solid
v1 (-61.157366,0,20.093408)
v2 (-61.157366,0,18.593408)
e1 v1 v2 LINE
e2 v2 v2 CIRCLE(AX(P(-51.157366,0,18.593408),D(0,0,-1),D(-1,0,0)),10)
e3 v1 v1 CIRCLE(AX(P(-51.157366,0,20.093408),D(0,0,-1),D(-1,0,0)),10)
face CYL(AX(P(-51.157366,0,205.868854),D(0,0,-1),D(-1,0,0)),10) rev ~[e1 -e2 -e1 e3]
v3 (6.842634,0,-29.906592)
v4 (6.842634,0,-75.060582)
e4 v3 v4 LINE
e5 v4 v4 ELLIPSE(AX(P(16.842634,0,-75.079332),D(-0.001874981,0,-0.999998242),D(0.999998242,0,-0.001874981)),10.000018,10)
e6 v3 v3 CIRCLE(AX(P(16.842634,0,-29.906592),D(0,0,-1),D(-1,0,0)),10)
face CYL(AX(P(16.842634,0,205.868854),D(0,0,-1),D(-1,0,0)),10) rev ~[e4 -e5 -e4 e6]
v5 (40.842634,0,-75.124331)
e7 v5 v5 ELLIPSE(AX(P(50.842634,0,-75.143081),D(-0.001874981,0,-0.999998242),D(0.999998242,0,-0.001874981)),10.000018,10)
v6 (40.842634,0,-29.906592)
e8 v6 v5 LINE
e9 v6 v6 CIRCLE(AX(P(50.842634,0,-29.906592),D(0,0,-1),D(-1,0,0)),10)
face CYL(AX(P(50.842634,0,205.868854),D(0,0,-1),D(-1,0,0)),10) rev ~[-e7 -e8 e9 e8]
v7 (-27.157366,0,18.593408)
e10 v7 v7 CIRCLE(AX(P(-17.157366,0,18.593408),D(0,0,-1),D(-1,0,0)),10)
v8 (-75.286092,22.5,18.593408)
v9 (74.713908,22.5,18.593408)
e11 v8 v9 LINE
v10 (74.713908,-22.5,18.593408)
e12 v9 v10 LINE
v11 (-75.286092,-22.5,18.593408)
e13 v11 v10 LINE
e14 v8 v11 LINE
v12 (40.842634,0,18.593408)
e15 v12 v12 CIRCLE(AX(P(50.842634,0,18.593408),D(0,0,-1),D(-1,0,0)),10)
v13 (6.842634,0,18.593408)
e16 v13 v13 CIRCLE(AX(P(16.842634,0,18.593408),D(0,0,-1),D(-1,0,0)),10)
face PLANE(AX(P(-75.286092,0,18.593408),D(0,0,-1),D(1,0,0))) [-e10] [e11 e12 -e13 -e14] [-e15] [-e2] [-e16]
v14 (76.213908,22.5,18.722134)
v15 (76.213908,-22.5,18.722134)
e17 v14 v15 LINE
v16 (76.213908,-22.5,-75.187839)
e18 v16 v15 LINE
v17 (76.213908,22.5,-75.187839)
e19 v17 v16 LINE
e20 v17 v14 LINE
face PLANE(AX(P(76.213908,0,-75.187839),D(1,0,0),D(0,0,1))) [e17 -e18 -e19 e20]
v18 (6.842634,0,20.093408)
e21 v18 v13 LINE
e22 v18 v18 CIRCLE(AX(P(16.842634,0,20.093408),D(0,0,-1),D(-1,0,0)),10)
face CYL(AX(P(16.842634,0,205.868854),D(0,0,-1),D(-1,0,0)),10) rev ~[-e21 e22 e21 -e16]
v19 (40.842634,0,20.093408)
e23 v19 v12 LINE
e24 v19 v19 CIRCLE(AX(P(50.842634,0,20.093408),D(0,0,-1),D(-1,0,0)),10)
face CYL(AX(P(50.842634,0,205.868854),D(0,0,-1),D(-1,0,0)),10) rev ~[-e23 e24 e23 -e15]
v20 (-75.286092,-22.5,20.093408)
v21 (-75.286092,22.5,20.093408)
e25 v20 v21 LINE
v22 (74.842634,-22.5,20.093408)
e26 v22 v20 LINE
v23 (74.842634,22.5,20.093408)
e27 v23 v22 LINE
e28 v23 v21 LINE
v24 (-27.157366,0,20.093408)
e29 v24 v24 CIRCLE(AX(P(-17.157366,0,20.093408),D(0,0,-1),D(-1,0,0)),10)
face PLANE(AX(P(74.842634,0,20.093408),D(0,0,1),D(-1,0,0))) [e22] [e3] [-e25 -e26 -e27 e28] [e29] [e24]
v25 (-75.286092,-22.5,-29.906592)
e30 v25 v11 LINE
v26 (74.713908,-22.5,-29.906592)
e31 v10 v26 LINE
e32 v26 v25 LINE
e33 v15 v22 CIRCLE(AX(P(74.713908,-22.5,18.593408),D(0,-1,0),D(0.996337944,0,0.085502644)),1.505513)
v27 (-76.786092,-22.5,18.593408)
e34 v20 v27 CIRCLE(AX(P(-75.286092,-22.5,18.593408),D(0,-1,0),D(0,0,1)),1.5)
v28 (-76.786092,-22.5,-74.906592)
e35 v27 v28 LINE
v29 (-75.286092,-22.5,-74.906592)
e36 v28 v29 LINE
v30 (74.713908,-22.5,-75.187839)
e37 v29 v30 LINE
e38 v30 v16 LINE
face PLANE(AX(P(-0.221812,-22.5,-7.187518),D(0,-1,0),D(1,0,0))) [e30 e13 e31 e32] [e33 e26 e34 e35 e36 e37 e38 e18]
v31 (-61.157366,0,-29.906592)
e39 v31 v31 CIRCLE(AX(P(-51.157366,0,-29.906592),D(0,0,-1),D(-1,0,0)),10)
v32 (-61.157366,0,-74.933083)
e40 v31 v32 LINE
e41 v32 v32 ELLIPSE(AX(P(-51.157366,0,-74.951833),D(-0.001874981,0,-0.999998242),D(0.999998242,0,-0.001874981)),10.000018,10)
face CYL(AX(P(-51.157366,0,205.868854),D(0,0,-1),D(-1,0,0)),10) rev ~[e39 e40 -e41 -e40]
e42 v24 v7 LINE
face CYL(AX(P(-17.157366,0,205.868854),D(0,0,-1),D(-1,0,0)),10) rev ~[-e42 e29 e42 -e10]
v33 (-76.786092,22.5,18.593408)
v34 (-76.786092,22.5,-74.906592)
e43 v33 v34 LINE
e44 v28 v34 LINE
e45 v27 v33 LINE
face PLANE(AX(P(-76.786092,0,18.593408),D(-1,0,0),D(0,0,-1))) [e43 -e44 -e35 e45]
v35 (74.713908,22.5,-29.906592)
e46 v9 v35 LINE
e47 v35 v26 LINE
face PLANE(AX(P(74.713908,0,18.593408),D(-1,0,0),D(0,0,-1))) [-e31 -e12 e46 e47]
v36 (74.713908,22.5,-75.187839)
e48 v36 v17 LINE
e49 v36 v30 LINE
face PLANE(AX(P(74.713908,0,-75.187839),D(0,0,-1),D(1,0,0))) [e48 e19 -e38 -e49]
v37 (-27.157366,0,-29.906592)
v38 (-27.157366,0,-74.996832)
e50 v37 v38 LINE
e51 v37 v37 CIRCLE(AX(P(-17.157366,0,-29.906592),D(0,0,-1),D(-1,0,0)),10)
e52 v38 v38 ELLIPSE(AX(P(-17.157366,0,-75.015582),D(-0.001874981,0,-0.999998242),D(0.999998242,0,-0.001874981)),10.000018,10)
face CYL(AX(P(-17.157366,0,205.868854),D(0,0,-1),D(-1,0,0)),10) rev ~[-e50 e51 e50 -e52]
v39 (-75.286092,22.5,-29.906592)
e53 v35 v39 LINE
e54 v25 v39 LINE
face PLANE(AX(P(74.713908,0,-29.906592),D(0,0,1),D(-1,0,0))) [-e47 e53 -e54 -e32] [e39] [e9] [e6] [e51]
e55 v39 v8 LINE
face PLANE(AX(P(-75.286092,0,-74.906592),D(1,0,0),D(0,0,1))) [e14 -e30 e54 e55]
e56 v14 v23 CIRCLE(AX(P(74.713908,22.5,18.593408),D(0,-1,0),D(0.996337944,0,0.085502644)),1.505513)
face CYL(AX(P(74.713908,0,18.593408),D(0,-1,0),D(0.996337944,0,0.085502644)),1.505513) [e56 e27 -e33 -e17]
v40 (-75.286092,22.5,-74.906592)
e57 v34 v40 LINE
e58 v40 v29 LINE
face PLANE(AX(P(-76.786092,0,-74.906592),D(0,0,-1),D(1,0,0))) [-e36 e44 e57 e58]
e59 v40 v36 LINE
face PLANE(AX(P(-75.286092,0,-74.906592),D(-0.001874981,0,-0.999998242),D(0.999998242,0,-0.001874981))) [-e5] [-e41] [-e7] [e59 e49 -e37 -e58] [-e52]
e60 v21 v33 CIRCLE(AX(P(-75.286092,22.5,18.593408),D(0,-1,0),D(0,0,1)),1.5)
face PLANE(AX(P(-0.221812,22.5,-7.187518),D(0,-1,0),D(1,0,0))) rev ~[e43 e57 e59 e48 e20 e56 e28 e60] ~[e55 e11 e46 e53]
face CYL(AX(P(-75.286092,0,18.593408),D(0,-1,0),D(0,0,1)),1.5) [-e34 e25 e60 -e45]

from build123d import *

# Parameters (mm, degrees)
F1_DEPTH = 22.5
F2_DEPTH = 22.5
F3_DEPTH = 22.5
F4_DEPTH = 22.5
F6_D     = 20


with BuildPart() as f1:
    # F0 (on Front) → F1 (new body)
    with BuildSketch(Plane.XZ):
        Polygon((-75.2860918641, -29.9065916457), (-75.2860918641, -74.9065916457), (74.7139081359, -75.1878393225), (74.7139081359, -29.9065916457), align=None)
    extrude(amount=F1_DEPTH)

    # F2 (add): a face of the model
    f2_faces = [f1.faces().sort_by_distance(p)[0] for p in [
        (-0.2082108855, 0, -52.4769765777),
    ]]
    extrude(f2_faces, amount=F2_DEPTH)

    # F0 (on Front) → F3 (join)
    with BuildSketch(Plane.XZ):
        with BuildLine():
            Line((-76.7860918641, -74.9065916457), (-75.2860918641, -74.9065916457))
            Line((-75.2860918641, -74.9065916457), (-75.2860918641, -29.9065916457))
            Line((-75.2860918641, -29.9065916457), (-75.2860918641, 18.5934083543))
            Line((-75.2860918641, 18.5934083543), (74.7139081359, 18.5934083543))
            Line((74.7139081359, 18.5934083543), (74.7139081359, -29.9065916457))
            Line((74.7139081359, -29.9065916457), (74.7139081359, -75.1878393225))
            Line((74.7139081359, -75.1878393225), (76.2139081359, -75.1878393225))
            Line((76.2139081359, -75.1878393225), (76.2139081359, -29.9065916457))
            Line((76.2139081359, -29.9065916457), (76.2139081359, 18.4646829894))
            Line((76.2139081359, 18.4646829894), (76.2139081359, 18.7221337192))
            ThreePointArc((76.2139081359, 18.7221337192), (75.7784667814, 19.6579669998), (74.8426335008, 20.0934083543))
            Line((74.8426335008, 20.0934083543), (74.7139081359, 20.0934083543))
            Line((74.7139081359, 20.0934083543), (74.585182771, 20.0934083543))
            Line((74.585182771, 20.0934083543), (-75.2860918641, 20.0934083543))
            ThreePointArc((-75.2860918641, 20.0934083543), (-76.3467520359, 19.6540685261), (-76.7860918641, 18.5934083543))
            Line((-76.7860918641, 18.5934083543), (-76.7860918641, -29.9065916457))
            Line((-76.7860918641, -29.9065916457), (-76.7860918641, -74.9065916457))
        make_face()
    extrude(amount=F3_DEPTH)

    # F0 (on Front) → F4 (join)
    with BuildSketch(Plane.XZ):
        with BuildLine():
            Line((-76.7860918641, -74.9065916457), (-75.2860918641, -74.9065916457))
            Line((-75.2860918641, -74.9065916457), (-75.2860918641, -29.9065916457))
            Line((-75.2860918641, -29.9065916457), (-75.2860918641, 18.5934083543))
            Line((-75.2860918641, 18.5934083543), (74.7139081359, 18.5934083543))
            Line((74.7139081359, 18.5934083543), (74.7139081359, -29.9065916457))
            Line((74.7139081359, -29.9065916457), (74.7139081359, -75.1878393225))
            Line((74.7139081359, -75.1878393225), (76.2139081359, -75.1878393225))
            Line((76.2139081359, -75.1878393225), (76.2139081359, -29.9065916457))
            Line((76.2139081359, -29.9065916457), (76.2139081359, 18.4646829894))
            Line((76.2139081359, 18.4646829894), (76.2139081359, 18.7221337192))
            ThreePointArc((76.2139081359, 18.7221337192), (75.7784667814, 19.6579669998), (74.8426335008, 20.0934083543))
            Line((74.8426335008, 20.0934083543), (74.7139081359, 20.0934083543))
            Line((74.7139081359, 20.0934083543), (74.585182771, 20.0934083543))
            Line((74.585182771, 20.0934083543), (-75.2860918641, 20.0934083543))
            ThreePointArc((-75.2860918641, 20.0934083543), (-76.3467520359, 19.6540685261), (-76.7860918641, 18.5934083543))
            Line((-76.7860918641, 18.5934083543), (-76.7860918641, -29.9065916457))
            Line((-76.7860918641, -29.9065916457), (-76.7860918641, -74.9065916457))
        make_face()
    extrude(amount=-F4_DEPTH)

    # F6 (through all)
    with Locations(Plane.XY.offset(20.0934083543)):
        with Locations((-51.1573664992, 0), (-17.1573664992, 0), (16.8426335008, 0), (50.8426335008, 0)):
            Hole(F6_D / 2)


solid = f1.part
